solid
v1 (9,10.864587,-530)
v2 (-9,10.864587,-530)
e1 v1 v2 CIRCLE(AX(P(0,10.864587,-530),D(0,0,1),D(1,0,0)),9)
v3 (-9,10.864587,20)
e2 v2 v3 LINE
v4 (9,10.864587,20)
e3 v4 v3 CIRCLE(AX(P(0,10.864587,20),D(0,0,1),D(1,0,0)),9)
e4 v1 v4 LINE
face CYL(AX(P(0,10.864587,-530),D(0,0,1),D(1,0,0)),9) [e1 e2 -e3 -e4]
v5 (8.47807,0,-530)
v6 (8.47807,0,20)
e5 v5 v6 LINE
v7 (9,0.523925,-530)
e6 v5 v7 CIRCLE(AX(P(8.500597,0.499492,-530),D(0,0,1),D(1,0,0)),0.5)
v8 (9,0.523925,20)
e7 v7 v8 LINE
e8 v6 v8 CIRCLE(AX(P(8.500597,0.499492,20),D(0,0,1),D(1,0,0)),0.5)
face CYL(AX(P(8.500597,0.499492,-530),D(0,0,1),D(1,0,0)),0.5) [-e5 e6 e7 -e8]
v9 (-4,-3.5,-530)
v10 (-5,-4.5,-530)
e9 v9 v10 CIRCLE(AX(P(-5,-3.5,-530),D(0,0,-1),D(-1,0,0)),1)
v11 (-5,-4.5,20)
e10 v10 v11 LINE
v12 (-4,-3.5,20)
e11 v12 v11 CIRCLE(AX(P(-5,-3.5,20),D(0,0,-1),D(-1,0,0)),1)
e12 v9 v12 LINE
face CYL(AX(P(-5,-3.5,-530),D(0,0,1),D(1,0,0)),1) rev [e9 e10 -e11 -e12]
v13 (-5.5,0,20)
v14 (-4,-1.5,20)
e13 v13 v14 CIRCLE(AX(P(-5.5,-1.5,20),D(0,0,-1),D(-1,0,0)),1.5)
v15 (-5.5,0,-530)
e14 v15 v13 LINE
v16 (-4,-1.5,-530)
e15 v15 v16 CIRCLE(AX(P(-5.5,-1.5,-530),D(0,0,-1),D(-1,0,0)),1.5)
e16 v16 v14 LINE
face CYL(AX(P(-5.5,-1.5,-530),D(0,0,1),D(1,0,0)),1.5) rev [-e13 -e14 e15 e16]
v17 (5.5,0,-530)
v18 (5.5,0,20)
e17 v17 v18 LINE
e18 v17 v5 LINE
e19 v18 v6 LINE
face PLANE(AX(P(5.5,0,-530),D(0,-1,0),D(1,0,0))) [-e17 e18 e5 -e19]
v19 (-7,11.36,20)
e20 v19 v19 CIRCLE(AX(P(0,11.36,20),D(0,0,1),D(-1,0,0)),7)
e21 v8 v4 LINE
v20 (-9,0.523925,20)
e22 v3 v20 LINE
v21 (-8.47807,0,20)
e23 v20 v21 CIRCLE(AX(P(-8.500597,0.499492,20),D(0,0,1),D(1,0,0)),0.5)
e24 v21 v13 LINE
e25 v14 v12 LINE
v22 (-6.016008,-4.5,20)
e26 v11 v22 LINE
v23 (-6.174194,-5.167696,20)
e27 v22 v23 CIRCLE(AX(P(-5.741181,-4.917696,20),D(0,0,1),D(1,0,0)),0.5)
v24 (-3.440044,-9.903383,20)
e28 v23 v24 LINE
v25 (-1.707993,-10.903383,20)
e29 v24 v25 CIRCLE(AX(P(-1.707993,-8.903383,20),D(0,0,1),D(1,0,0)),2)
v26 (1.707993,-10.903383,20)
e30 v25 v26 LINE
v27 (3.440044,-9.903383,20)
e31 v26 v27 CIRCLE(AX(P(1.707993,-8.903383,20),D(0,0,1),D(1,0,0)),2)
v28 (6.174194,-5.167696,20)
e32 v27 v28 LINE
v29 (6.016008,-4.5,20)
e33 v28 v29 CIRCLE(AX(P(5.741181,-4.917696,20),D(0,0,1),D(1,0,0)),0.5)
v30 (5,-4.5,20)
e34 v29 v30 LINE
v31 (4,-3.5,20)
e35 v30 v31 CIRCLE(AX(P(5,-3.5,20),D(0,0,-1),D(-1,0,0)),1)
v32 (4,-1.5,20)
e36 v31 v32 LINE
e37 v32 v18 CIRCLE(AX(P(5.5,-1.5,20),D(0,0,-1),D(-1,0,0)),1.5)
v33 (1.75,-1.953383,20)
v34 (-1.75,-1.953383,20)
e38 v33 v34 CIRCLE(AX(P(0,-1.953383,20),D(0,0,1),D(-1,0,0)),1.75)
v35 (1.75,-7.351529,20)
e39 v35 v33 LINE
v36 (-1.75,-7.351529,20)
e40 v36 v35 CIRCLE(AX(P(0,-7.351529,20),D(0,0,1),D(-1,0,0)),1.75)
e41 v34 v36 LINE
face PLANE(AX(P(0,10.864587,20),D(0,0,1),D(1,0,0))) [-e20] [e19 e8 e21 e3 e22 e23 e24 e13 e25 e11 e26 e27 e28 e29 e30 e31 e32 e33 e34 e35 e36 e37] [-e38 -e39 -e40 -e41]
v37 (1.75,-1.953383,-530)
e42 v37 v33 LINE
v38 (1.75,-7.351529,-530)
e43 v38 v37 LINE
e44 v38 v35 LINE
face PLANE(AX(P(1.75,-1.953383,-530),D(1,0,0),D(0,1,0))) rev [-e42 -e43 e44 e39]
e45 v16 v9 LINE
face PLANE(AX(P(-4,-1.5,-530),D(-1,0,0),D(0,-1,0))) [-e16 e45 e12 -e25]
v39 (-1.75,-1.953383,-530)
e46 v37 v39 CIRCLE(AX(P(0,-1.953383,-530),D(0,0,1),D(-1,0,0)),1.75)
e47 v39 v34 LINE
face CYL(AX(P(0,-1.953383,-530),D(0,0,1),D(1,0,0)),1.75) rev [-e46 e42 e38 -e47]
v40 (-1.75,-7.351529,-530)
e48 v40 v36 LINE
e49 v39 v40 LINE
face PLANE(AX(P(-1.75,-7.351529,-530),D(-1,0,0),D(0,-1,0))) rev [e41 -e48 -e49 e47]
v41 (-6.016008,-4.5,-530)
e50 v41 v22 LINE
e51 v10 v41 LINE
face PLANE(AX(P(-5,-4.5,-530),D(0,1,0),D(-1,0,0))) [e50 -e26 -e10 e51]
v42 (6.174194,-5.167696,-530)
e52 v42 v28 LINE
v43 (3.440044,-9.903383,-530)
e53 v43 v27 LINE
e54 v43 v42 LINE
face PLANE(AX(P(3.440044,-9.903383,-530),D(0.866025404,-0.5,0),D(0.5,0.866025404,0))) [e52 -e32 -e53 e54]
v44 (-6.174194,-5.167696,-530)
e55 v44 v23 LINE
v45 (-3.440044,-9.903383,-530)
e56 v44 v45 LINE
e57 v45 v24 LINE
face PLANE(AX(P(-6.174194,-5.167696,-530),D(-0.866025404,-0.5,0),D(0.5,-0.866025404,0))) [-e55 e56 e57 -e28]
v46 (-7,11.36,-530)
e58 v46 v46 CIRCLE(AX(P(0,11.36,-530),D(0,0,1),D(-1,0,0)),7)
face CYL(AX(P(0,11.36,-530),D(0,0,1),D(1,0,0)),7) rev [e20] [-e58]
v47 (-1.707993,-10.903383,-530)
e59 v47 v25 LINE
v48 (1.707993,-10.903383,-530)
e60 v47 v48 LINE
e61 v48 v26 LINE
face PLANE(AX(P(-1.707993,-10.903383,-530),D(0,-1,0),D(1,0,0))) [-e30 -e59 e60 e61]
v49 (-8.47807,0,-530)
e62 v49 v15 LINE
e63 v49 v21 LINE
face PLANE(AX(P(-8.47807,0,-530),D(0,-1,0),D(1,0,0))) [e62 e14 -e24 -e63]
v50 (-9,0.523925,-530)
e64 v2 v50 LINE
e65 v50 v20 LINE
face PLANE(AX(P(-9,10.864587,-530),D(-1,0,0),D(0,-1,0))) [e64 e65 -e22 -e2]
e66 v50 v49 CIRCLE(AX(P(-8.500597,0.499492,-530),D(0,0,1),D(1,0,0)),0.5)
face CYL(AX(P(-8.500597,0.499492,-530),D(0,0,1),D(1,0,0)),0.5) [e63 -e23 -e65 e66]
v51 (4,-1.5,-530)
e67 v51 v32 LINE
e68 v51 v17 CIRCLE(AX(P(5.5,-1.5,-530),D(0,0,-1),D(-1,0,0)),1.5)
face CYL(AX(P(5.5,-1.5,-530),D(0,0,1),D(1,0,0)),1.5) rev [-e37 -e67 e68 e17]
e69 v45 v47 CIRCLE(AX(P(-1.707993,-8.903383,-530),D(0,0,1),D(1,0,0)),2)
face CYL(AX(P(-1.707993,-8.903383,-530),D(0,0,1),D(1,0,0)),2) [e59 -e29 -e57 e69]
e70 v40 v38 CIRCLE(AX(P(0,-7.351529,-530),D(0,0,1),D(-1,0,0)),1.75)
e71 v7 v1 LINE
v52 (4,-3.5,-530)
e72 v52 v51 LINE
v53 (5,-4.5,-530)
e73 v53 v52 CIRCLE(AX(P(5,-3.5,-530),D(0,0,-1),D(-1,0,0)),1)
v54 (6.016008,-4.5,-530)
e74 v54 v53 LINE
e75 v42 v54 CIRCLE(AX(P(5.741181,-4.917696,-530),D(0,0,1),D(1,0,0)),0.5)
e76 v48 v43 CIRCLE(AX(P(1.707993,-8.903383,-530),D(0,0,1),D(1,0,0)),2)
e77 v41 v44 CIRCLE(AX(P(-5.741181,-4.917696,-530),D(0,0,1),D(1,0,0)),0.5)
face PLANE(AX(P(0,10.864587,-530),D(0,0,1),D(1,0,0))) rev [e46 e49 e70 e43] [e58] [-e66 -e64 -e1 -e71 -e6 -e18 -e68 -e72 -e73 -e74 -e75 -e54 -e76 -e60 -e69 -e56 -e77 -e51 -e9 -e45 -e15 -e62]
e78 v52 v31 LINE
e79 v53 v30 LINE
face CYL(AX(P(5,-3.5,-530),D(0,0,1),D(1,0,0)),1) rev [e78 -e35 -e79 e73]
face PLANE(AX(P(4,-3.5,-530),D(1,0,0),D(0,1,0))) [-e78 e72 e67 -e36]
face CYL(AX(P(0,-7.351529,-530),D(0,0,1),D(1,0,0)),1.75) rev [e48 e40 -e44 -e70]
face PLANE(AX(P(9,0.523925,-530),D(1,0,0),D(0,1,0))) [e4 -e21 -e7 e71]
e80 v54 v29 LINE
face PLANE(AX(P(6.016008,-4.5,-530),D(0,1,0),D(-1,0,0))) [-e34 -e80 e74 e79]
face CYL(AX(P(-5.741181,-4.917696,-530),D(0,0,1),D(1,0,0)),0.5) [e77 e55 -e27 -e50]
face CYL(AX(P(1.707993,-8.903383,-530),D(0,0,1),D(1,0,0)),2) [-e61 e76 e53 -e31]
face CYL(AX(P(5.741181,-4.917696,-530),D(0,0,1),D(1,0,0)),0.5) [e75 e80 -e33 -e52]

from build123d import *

# Parameters (mm, degrees)
ESQUISSE1_R        = 7
BOSS_EXTRU_1_DEPTH = 550


with BuildPart() as part:
    # Esquisse1 → Boss.-Extru.1 (new body)
    with BuildSketch(Plane.XY.offset(20)):
        with BuildLine():
            Line((-9, 10.864586864), (-9, 0.523924837))
            ThreePointArc((-9, 0.523924837), (-8.854824532, 0.14661401), (-8.478070356, 0))
            Line((-8.478070356, 0), (-5.5, 0))
            ThreePointArc((-5.5, 0), (-4.439339828, -0.439339828), (-4, -1.5))
            Line((-4, -1.5), (-4, -3.5))
            ThreePointArc((-4, -3.5), (-4.292893219, -4.207106781), (-5, -4.5))
            Line((-5, -4.5), (-6.016007613, -4.5))
            ThreePointArc((-6.016007613, -4.5), (-6.227713349, -4.802430523), (-6.174193657, -5.16769643))
            Line((-6.174193657, -5.16769643), (-3.440043573, -9.90338329))
            ThreePointArc((-3.440043573, -9.90338329), (-2.707992766, -10.635434098), (-1.707992766, -10.90338329))
            Line((-1.707992766, -10.90338329), (1.707992766, -10.90338329))
            ThreePointArc((1.707992766, -10.90338329), (2.707992766, -10.635434098), (3.440043573, -9.90338329))
            Line((3.440043573, -9.90338329), (6.174193657, -5.16769643))
            ThreePointArc((6.174193657, -5.16769643), (6.227713349, -4.802430523), (6.016007614, -4.5))
            Line((6.016007614, -4.5), (5, -4.5))
            ThreePointArc((5, -4.5), (4.292893219, -4.207106781), (4, -3.5))
            Line((4, -3.5), (4, -1.5))
            ThreePointArc((4, -1.5), (4.439339828, -0.439339828), (5.5, 0))
            Line((5.5, 0), (8.478070356, 0))
            ThreePointArc((8.478070356, 0), (8.854824532, 0.14661401), (9, 0.523924837))
            Line((9, 0.523924837), (9, 10.864586864))
            ThreePointArc((9, 10.864586864), (0, 19.864586864), (-9, 10.864586864))
        make_face()
        with Locations(Location((0, 11.36, 0), (0, 0, 180))):
            Circle(ESQUISSE1_R, mode=Mode.SUBTRACT)
        with BuildLine():
            Line((1.75, -1.95338329), (1.75, -7.351528839))
            ThreePointArc((1.75, -7.351528839), (0, -9.101528839), (-1.75, -7.351528839))
            Line((-1.75, -7.351528839), (-1.75, -1.95338329))
            ThreePointArc((-1.75, -1.95338329), (0, -0.20338329), (1.75, -1.95338329))
        make_face(mode=Mode.SUBTRACT)
    extrude(amount=-BOSS_EXTRU_1_DEPTH)


solid = part.part
